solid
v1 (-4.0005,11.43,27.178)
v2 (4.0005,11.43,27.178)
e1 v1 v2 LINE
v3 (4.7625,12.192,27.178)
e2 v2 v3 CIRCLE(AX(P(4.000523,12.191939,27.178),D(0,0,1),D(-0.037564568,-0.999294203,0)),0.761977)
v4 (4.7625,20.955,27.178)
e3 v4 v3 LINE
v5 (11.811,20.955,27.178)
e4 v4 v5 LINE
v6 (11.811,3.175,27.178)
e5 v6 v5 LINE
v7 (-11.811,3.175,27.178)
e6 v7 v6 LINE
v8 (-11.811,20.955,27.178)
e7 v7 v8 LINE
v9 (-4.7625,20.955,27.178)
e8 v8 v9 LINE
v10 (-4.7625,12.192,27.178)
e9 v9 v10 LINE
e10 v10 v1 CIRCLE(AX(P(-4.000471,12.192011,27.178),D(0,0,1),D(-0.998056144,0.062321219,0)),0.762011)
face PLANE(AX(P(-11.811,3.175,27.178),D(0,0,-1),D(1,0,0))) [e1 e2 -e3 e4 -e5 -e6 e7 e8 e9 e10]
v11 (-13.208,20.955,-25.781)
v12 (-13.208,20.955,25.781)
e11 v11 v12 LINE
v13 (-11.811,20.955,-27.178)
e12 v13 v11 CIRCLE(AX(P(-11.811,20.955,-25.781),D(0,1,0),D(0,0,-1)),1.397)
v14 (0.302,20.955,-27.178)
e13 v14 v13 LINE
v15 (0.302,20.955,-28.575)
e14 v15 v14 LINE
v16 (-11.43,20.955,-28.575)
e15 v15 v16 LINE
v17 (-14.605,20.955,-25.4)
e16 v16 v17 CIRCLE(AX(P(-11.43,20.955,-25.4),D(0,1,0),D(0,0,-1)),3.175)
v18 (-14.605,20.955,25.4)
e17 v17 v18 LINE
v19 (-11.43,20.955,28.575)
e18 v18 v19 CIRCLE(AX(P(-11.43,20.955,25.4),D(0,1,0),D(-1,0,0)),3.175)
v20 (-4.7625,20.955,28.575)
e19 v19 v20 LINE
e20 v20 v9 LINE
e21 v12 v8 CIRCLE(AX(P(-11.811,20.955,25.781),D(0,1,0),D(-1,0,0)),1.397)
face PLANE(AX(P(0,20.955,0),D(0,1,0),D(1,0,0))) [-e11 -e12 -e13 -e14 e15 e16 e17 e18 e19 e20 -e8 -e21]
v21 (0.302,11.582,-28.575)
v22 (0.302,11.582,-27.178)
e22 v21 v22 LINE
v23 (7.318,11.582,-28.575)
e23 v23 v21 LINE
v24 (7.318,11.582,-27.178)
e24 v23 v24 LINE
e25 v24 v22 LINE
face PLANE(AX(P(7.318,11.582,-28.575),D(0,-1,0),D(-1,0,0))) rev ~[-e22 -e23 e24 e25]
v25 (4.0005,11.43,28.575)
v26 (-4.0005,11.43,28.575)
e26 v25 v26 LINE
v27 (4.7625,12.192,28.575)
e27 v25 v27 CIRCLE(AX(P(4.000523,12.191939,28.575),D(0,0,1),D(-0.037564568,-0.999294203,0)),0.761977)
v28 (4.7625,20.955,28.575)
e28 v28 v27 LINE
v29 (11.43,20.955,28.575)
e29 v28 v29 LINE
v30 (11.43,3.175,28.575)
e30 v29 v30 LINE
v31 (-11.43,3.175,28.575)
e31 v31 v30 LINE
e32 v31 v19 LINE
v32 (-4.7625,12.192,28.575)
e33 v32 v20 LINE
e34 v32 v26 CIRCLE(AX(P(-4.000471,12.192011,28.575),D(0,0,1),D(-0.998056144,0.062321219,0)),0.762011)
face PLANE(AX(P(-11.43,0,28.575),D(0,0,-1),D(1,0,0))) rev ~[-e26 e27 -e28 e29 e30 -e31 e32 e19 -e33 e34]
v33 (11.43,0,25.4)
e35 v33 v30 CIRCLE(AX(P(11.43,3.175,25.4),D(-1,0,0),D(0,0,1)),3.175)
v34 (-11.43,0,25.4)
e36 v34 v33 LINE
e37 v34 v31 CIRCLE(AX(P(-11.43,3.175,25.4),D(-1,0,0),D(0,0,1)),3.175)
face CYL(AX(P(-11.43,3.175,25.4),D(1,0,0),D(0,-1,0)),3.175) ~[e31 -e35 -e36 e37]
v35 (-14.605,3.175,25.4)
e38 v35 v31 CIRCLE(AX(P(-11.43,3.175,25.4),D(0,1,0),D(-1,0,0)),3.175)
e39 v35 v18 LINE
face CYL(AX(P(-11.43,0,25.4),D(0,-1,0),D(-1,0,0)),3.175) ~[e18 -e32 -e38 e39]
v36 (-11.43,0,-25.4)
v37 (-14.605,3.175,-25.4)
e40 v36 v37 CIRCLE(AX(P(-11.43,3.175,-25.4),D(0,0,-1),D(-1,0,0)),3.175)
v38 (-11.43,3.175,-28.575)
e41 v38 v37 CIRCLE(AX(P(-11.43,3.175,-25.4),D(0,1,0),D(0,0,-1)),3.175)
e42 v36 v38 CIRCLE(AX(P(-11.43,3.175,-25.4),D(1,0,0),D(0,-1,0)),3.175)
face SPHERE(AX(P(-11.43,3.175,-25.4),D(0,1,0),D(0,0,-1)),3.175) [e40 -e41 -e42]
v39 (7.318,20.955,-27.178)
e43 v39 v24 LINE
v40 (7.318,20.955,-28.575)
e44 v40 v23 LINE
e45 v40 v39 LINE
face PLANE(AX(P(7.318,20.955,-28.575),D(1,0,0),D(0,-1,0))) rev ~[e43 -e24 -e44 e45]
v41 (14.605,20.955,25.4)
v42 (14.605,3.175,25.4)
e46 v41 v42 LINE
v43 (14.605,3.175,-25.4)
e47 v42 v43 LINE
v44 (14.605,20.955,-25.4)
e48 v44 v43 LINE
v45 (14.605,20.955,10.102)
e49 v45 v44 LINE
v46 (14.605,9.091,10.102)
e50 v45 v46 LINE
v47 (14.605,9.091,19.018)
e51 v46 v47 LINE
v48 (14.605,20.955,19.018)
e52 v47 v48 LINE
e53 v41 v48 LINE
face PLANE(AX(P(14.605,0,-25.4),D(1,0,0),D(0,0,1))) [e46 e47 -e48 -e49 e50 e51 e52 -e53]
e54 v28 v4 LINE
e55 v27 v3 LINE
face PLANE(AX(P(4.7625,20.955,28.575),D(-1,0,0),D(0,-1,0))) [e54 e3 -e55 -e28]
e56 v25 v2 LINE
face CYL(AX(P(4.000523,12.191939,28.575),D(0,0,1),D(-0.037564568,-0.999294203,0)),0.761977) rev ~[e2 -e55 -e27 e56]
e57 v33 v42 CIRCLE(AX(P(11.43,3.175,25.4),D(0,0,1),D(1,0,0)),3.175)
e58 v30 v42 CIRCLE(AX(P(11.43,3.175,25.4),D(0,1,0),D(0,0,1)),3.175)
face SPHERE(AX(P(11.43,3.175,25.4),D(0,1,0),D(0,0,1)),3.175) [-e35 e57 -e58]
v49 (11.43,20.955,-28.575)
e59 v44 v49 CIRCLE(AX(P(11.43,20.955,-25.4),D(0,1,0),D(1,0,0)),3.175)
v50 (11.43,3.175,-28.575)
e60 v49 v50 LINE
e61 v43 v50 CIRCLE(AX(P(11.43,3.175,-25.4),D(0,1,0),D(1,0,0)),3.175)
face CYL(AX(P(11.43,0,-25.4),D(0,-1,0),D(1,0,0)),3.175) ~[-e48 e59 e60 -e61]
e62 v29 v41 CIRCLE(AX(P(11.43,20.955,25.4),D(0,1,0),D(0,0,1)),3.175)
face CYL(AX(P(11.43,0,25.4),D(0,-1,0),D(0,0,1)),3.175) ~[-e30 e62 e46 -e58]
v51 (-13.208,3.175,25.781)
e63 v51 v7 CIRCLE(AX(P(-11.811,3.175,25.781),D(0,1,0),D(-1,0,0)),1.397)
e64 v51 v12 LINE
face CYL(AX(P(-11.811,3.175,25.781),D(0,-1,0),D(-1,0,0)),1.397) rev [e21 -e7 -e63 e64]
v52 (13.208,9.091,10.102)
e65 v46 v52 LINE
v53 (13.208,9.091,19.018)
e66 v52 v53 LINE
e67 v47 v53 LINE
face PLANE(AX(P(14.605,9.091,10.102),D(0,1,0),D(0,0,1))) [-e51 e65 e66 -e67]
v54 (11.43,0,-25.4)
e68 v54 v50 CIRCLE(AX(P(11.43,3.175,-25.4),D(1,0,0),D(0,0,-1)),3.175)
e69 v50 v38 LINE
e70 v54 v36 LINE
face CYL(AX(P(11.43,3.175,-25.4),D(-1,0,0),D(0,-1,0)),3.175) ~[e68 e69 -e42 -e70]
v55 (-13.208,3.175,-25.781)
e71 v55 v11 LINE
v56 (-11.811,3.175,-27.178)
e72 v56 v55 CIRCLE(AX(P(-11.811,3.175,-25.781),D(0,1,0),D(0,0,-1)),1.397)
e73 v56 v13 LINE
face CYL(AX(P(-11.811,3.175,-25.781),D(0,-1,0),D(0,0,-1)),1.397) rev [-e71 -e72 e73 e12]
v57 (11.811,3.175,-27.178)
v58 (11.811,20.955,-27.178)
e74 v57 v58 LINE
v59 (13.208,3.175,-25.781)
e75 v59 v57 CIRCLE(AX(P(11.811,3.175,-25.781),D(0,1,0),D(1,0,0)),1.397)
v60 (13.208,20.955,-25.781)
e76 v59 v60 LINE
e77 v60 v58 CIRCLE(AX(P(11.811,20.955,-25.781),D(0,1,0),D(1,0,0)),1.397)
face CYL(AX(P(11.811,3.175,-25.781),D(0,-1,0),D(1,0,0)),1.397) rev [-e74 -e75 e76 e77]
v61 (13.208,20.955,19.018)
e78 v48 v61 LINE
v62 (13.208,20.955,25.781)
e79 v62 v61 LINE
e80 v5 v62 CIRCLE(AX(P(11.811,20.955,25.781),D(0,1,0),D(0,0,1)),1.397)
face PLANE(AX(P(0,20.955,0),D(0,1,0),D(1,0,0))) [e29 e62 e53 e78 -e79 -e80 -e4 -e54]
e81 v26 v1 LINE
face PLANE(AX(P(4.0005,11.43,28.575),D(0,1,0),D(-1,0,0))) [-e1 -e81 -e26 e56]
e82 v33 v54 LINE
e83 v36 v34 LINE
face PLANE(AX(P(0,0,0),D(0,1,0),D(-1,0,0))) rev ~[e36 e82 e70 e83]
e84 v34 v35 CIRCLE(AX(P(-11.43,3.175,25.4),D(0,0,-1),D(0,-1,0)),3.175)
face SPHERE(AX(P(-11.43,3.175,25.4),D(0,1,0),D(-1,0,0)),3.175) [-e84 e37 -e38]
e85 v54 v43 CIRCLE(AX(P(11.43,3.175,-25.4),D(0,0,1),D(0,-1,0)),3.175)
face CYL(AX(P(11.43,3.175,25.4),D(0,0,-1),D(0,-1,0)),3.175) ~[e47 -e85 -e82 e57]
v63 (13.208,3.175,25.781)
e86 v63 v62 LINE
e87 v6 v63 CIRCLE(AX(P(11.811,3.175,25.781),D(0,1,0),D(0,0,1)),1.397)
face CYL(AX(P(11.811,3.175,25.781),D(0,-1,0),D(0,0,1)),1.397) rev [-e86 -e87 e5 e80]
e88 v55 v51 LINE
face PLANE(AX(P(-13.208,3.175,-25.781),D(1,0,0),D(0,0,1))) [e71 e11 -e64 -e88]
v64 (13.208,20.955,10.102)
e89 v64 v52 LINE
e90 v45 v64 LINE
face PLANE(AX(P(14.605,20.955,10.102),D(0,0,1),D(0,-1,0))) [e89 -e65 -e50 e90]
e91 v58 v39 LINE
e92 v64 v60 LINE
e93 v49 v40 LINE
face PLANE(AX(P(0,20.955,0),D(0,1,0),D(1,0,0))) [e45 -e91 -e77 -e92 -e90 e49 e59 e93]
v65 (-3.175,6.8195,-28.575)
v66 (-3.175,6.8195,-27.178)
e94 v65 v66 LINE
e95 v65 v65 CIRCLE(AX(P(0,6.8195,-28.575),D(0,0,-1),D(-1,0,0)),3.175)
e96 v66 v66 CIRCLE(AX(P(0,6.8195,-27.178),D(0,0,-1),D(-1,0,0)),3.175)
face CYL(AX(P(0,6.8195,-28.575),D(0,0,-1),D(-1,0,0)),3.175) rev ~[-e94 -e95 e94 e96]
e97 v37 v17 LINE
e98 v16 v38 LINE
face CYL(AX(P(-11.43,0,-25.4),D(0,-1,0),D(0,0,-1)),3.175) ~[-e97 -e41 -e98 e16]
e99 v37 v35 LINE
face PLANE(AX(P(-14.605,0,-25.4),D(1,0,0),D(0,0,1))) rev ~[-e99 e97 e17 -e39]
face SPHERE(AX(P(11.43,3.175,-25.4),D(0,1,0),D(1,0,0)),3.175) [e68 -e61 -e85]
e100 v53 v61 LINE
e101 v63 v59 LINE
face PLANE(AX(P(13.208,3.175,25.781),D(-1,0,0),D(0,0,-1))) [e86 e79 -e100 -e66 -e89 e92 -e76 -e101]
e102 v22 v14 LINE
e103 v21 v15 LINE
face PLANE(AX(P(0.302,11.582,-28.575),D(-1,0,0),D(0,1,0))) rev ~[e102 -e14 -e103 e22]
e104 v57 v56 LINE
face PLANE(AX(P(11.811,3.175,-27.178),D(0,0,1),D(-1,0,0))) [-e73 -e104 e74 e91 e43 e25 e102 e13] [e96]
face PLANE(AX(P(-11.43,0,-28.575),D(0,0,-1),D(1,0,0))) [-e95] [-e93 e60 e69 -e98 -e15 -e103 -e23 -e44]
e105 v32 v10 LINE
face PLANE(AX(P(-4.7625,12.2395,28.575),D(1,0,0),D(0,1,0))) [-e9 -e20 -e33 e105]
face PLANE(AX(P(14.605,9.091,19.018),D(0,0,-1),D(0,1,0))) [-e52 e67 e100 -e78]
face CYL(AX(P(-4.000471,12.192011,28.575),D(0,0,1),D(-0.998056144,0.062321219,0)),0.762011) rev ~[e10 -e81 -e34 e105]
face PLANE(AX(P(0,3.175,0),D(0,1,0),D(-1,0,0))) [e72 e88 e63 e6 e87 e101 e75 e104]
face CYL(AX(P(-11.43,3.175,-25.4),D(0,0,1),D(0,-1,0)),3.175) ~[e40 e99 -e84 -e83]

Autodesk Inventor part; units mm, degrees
ref_plane "YZ Plane" through (0, 0, 0) normal (1, 0, 0) x (0, 1, 0)
ref_plane "XZ Plane" through (0, 0, 0) normal (0, 1, 0) x (-1, 0, 0)
ref_plane "XY Plane" through (0, 0, 0) normal (0, 0, 1) x (1, 0, 0)
sketch "Sketch1" plane through (0, 0, 0) normal (0, 1, 0) x (-1, 0, 0)
  line L0 (14.605, -25.4) -> (14.605, 25.4)
  line L1 (-14.605, -25.4) -> (-14.605, 25.4)
  line L2 (11.43, -28.575) -> (-11.43, -28.575)
  line L3 (11.43, 28.575) -> (-11.43, 28.575)
  arc A0 (11.43, -28.575) -> (14.605, -25.4) centre (11.43, -25.4) ccw
  arc A1 (-14.605, -25.4) -> (-11.43, -28.575) centre (-11.43, -25.4) ccw
  arc A2 (14.605, 25.4) -> (11.43, 28.575) centre (11.43, 25.4) ccw
  arc A3 (-11.43, 28.575) -> (-14.605, 25.4) centre (-11.43, 25.4) ccw
  point P0 (0, 0)
  dimension "d0" = 3.175
  dimension "d1" = 50.8
  dimension "d2" = 3.175
  dimension "d3" = 22.86
  dimension "d4" = 11.43
  dimension "d5" = 25.4
  dimension "d6" = 3.175
  dimension "d7" = 3.175
extrude "Extrusion1" add sketch "Sketch1" along normal blind 3.175
sketch "Sketch2" plane through (0, 3.175, 0) normal (0, 1, 0) x (1, 0, 0)
  line L0 (-13.208, 25.781) -> (-13.208, -25.781)
  line L1 (-14.605, 25.4) -> (-14.605, -25.4) projected
  arc A0 (-13.208, -25.781) -> (-11.811, -27.178) centre (-11.811, -25.781) ccw
  line L2 (-11.811, -27.178) -> (11.811, -27.178)
  line L3 (-11.43, -28.575) -> (11.43, -28.575) projected
  arc A1 (11.811, -27.178) -> (13.208, -25.781) centre (11.811, -25.781) ccw
  line L4 (13.208, -25.781) -> (13.208, 25.781)
  line L5 (14.605, -25.4) -> (14.605, 25.4) projected
  arc A2 (13.208, 25.781) -> (11.811, 27.178) centre (11.811, 25.781) ccw
  line L6 (11.811, 27.178) -> (-11.811, 27.178)
  arc A3 (-11.811, 27.178) -> (-13.208, 25.781) centre (-11.811, 25.781) ccw
  line L7 (-14.605, 25.4) -> (-14.605, -25.4) projected
  line L8 (-14.605, 25.4) -> (-14.605, -25.4)
  arc A4 (-14.605, -25.4) -> (-11.43, -28.575) centre (-11.43, -25.4) ccw projected
  arc A5 (-14.605, -25.4) -> (-11.43, -28.575) centre (-11.43, -25.4) ccw
  line L9 (-11.43, -28.575) -> (11.43, -28.575)
  arc A6 (11.43, -28.575) -> (14.605, -25.4) centre (11.43, -25.4) ccw projected
  arc A7 (11.43, -28.575) -> (14.605, -25.4) centre (11.43, -25.4) ccw
  line L10 (14.605, -25.4) -> (14.605, 25.4)
  arc A8 (14.605, 25.4) -> (11.43, 28.575) centre (11.43, 25.4) ccw projected
  line L11 (11.43, 28.575) -> (-11.43, 28.575)
  line L12 (-11.43, 28.575) -> (11.43, 28.575)
  arc A9 (-11.43, 28.575) -> (-14.605, 25.4) centre (-11.43, 25.4) ccw
  arc A10 (14.605, 25.4) -> (11.43, 28.575) centre (11.43, 25.4) ccw
  point P0 (0, 0)
  dimension "d10" = 1.397
  dimension "d11" = 1.397
  dimension "d12" = 1.397
  dimension "d14" = 1.397
  dimension "d15" = 1.397
  dimension "d16" = 1.397
  dimension "d17" = 1.397
  dimension "d18" = 1.397
extrude "Extrusion2" add sketch "Sketch2" along normal blind 17.78
sketch "Sketch4" plane through (-11.43, 0, 28.575) normal (0, 0, 1) x (1, 0, 0)
  line L0 (15.4305, 11.43) -> (7.4295, 11.43)
  line L1 (6.6675, 12.192) -> (6.6675, 20.955)
  line L2 (6.6675, 20.955) -> (16.1925, 20.955)
  line L3 (16.1925, 20.955) -> (16.1925, 12.192)
  line L4 (0, 20.955) -> (22.86, 20.955) projected
  line L5 (11.43, -2.422) -> (11.43, 18.2718) construction
  line L6 (22.86, 0) -> (22.86, 20.955) construction
  arc A0 (15.4019, 11.4305) -> (16.1925, 12.192) centre (15.4305, 12.192) ccw
  arc A1 (6.669, 12.2395) -> (7.4295, 11.43) centre (7.4295, 12.192) ccw
  point P0 (11.43, 0)
  dimension "d27" = 9.525
  dimension "d28" = 0
  dimension "d29" = 9.525
  dimension "d30" = 11.43
  dimension "d31" = 0.762
  dimension "d32" = 0.762
extrude "Extrusion3" cut sketch "Sketch4" against normal up to surface (1.397 mm away)
sketch "Sketch5" plane through (14.605, 0, 25.4) normal (1, 0, 0) x (0, 0, -1)
  line L0 (50.8, 20.955) -> (0, 20.955) projected
  line L1 (15.298, 9.091) -> (6.382, 9.091)
  line L2 (6.382, 9.091) -> (6.382, 20.955)
  line L3 (6.382, 20.955) -> (15.298, 20.955)
  line L4 (15.298, 20.955) -> (15.298, 9.091)
  line L5 (0, 0) -> (0, 20.955) projected
  line L6 (-3.175, 0) -> (-3.175, 20.955) projected
  point P0 (25.4, 0)
  point P1 (15.298, 20.955)
  dimension "d36" = 8.916
  dimension "d37" = 11.864
  dimension "d48" = 9.557
extrude "Extrusion4" cut sketch "Sketch5" against normal up to surface (1.397 mm away)
sketch "Sketch6" plane through (11.43, 0, -28.575) normal (0, 0, -1) x (-1, 0, 0)
  line L0 (23.241, 20.955) -> (-0.381, 20.955) projected
  line L1 (11.128, 20.955) -> (4.112, 20.955)
  line L2 (4.112, 20.955) -> (4.112, 11.582)
  line L3 (4.112, 11.582) -> (11.128, 11.582)
  line L4 (11.128, 11.582) -> (11.128, 20.955)
  line L5 (0, 0) -> (0, 20.955) projected
  circle A0 centre (11.43, 6.8195) radius 3.175
  line L6 (22.86, 0) -> (22.86, 20.955) projected
  line L7 (-3.175, 0) -> (-3.175, 20.955) projected
  point P0 (11.43, 0)
  dimension "d41" = 7.016
  dimension "d42" = 9.373
  dimension "d45" = 6.35
  dimension "d46" = 4.7625
  dimension "d47" = 11.43
  dimension "d49" = 7.287
extrude "Extrusion5" cut sketch "Sketch6" against normal up to surface (1.397 mm away)
fillet "Fillet1" radius 3.175 8 edges at (13.6751, 0, 27.6451) (14.605, 0, 0) (13.6751, 0, -27.6451) (0, 0, -28.575) (-13.6751, 0, -27.6451) (-14.605, 0, 0) (-13.6751, 0, 27.6451) (0, 0, 28.575)
properties part number "groundStation-top"
